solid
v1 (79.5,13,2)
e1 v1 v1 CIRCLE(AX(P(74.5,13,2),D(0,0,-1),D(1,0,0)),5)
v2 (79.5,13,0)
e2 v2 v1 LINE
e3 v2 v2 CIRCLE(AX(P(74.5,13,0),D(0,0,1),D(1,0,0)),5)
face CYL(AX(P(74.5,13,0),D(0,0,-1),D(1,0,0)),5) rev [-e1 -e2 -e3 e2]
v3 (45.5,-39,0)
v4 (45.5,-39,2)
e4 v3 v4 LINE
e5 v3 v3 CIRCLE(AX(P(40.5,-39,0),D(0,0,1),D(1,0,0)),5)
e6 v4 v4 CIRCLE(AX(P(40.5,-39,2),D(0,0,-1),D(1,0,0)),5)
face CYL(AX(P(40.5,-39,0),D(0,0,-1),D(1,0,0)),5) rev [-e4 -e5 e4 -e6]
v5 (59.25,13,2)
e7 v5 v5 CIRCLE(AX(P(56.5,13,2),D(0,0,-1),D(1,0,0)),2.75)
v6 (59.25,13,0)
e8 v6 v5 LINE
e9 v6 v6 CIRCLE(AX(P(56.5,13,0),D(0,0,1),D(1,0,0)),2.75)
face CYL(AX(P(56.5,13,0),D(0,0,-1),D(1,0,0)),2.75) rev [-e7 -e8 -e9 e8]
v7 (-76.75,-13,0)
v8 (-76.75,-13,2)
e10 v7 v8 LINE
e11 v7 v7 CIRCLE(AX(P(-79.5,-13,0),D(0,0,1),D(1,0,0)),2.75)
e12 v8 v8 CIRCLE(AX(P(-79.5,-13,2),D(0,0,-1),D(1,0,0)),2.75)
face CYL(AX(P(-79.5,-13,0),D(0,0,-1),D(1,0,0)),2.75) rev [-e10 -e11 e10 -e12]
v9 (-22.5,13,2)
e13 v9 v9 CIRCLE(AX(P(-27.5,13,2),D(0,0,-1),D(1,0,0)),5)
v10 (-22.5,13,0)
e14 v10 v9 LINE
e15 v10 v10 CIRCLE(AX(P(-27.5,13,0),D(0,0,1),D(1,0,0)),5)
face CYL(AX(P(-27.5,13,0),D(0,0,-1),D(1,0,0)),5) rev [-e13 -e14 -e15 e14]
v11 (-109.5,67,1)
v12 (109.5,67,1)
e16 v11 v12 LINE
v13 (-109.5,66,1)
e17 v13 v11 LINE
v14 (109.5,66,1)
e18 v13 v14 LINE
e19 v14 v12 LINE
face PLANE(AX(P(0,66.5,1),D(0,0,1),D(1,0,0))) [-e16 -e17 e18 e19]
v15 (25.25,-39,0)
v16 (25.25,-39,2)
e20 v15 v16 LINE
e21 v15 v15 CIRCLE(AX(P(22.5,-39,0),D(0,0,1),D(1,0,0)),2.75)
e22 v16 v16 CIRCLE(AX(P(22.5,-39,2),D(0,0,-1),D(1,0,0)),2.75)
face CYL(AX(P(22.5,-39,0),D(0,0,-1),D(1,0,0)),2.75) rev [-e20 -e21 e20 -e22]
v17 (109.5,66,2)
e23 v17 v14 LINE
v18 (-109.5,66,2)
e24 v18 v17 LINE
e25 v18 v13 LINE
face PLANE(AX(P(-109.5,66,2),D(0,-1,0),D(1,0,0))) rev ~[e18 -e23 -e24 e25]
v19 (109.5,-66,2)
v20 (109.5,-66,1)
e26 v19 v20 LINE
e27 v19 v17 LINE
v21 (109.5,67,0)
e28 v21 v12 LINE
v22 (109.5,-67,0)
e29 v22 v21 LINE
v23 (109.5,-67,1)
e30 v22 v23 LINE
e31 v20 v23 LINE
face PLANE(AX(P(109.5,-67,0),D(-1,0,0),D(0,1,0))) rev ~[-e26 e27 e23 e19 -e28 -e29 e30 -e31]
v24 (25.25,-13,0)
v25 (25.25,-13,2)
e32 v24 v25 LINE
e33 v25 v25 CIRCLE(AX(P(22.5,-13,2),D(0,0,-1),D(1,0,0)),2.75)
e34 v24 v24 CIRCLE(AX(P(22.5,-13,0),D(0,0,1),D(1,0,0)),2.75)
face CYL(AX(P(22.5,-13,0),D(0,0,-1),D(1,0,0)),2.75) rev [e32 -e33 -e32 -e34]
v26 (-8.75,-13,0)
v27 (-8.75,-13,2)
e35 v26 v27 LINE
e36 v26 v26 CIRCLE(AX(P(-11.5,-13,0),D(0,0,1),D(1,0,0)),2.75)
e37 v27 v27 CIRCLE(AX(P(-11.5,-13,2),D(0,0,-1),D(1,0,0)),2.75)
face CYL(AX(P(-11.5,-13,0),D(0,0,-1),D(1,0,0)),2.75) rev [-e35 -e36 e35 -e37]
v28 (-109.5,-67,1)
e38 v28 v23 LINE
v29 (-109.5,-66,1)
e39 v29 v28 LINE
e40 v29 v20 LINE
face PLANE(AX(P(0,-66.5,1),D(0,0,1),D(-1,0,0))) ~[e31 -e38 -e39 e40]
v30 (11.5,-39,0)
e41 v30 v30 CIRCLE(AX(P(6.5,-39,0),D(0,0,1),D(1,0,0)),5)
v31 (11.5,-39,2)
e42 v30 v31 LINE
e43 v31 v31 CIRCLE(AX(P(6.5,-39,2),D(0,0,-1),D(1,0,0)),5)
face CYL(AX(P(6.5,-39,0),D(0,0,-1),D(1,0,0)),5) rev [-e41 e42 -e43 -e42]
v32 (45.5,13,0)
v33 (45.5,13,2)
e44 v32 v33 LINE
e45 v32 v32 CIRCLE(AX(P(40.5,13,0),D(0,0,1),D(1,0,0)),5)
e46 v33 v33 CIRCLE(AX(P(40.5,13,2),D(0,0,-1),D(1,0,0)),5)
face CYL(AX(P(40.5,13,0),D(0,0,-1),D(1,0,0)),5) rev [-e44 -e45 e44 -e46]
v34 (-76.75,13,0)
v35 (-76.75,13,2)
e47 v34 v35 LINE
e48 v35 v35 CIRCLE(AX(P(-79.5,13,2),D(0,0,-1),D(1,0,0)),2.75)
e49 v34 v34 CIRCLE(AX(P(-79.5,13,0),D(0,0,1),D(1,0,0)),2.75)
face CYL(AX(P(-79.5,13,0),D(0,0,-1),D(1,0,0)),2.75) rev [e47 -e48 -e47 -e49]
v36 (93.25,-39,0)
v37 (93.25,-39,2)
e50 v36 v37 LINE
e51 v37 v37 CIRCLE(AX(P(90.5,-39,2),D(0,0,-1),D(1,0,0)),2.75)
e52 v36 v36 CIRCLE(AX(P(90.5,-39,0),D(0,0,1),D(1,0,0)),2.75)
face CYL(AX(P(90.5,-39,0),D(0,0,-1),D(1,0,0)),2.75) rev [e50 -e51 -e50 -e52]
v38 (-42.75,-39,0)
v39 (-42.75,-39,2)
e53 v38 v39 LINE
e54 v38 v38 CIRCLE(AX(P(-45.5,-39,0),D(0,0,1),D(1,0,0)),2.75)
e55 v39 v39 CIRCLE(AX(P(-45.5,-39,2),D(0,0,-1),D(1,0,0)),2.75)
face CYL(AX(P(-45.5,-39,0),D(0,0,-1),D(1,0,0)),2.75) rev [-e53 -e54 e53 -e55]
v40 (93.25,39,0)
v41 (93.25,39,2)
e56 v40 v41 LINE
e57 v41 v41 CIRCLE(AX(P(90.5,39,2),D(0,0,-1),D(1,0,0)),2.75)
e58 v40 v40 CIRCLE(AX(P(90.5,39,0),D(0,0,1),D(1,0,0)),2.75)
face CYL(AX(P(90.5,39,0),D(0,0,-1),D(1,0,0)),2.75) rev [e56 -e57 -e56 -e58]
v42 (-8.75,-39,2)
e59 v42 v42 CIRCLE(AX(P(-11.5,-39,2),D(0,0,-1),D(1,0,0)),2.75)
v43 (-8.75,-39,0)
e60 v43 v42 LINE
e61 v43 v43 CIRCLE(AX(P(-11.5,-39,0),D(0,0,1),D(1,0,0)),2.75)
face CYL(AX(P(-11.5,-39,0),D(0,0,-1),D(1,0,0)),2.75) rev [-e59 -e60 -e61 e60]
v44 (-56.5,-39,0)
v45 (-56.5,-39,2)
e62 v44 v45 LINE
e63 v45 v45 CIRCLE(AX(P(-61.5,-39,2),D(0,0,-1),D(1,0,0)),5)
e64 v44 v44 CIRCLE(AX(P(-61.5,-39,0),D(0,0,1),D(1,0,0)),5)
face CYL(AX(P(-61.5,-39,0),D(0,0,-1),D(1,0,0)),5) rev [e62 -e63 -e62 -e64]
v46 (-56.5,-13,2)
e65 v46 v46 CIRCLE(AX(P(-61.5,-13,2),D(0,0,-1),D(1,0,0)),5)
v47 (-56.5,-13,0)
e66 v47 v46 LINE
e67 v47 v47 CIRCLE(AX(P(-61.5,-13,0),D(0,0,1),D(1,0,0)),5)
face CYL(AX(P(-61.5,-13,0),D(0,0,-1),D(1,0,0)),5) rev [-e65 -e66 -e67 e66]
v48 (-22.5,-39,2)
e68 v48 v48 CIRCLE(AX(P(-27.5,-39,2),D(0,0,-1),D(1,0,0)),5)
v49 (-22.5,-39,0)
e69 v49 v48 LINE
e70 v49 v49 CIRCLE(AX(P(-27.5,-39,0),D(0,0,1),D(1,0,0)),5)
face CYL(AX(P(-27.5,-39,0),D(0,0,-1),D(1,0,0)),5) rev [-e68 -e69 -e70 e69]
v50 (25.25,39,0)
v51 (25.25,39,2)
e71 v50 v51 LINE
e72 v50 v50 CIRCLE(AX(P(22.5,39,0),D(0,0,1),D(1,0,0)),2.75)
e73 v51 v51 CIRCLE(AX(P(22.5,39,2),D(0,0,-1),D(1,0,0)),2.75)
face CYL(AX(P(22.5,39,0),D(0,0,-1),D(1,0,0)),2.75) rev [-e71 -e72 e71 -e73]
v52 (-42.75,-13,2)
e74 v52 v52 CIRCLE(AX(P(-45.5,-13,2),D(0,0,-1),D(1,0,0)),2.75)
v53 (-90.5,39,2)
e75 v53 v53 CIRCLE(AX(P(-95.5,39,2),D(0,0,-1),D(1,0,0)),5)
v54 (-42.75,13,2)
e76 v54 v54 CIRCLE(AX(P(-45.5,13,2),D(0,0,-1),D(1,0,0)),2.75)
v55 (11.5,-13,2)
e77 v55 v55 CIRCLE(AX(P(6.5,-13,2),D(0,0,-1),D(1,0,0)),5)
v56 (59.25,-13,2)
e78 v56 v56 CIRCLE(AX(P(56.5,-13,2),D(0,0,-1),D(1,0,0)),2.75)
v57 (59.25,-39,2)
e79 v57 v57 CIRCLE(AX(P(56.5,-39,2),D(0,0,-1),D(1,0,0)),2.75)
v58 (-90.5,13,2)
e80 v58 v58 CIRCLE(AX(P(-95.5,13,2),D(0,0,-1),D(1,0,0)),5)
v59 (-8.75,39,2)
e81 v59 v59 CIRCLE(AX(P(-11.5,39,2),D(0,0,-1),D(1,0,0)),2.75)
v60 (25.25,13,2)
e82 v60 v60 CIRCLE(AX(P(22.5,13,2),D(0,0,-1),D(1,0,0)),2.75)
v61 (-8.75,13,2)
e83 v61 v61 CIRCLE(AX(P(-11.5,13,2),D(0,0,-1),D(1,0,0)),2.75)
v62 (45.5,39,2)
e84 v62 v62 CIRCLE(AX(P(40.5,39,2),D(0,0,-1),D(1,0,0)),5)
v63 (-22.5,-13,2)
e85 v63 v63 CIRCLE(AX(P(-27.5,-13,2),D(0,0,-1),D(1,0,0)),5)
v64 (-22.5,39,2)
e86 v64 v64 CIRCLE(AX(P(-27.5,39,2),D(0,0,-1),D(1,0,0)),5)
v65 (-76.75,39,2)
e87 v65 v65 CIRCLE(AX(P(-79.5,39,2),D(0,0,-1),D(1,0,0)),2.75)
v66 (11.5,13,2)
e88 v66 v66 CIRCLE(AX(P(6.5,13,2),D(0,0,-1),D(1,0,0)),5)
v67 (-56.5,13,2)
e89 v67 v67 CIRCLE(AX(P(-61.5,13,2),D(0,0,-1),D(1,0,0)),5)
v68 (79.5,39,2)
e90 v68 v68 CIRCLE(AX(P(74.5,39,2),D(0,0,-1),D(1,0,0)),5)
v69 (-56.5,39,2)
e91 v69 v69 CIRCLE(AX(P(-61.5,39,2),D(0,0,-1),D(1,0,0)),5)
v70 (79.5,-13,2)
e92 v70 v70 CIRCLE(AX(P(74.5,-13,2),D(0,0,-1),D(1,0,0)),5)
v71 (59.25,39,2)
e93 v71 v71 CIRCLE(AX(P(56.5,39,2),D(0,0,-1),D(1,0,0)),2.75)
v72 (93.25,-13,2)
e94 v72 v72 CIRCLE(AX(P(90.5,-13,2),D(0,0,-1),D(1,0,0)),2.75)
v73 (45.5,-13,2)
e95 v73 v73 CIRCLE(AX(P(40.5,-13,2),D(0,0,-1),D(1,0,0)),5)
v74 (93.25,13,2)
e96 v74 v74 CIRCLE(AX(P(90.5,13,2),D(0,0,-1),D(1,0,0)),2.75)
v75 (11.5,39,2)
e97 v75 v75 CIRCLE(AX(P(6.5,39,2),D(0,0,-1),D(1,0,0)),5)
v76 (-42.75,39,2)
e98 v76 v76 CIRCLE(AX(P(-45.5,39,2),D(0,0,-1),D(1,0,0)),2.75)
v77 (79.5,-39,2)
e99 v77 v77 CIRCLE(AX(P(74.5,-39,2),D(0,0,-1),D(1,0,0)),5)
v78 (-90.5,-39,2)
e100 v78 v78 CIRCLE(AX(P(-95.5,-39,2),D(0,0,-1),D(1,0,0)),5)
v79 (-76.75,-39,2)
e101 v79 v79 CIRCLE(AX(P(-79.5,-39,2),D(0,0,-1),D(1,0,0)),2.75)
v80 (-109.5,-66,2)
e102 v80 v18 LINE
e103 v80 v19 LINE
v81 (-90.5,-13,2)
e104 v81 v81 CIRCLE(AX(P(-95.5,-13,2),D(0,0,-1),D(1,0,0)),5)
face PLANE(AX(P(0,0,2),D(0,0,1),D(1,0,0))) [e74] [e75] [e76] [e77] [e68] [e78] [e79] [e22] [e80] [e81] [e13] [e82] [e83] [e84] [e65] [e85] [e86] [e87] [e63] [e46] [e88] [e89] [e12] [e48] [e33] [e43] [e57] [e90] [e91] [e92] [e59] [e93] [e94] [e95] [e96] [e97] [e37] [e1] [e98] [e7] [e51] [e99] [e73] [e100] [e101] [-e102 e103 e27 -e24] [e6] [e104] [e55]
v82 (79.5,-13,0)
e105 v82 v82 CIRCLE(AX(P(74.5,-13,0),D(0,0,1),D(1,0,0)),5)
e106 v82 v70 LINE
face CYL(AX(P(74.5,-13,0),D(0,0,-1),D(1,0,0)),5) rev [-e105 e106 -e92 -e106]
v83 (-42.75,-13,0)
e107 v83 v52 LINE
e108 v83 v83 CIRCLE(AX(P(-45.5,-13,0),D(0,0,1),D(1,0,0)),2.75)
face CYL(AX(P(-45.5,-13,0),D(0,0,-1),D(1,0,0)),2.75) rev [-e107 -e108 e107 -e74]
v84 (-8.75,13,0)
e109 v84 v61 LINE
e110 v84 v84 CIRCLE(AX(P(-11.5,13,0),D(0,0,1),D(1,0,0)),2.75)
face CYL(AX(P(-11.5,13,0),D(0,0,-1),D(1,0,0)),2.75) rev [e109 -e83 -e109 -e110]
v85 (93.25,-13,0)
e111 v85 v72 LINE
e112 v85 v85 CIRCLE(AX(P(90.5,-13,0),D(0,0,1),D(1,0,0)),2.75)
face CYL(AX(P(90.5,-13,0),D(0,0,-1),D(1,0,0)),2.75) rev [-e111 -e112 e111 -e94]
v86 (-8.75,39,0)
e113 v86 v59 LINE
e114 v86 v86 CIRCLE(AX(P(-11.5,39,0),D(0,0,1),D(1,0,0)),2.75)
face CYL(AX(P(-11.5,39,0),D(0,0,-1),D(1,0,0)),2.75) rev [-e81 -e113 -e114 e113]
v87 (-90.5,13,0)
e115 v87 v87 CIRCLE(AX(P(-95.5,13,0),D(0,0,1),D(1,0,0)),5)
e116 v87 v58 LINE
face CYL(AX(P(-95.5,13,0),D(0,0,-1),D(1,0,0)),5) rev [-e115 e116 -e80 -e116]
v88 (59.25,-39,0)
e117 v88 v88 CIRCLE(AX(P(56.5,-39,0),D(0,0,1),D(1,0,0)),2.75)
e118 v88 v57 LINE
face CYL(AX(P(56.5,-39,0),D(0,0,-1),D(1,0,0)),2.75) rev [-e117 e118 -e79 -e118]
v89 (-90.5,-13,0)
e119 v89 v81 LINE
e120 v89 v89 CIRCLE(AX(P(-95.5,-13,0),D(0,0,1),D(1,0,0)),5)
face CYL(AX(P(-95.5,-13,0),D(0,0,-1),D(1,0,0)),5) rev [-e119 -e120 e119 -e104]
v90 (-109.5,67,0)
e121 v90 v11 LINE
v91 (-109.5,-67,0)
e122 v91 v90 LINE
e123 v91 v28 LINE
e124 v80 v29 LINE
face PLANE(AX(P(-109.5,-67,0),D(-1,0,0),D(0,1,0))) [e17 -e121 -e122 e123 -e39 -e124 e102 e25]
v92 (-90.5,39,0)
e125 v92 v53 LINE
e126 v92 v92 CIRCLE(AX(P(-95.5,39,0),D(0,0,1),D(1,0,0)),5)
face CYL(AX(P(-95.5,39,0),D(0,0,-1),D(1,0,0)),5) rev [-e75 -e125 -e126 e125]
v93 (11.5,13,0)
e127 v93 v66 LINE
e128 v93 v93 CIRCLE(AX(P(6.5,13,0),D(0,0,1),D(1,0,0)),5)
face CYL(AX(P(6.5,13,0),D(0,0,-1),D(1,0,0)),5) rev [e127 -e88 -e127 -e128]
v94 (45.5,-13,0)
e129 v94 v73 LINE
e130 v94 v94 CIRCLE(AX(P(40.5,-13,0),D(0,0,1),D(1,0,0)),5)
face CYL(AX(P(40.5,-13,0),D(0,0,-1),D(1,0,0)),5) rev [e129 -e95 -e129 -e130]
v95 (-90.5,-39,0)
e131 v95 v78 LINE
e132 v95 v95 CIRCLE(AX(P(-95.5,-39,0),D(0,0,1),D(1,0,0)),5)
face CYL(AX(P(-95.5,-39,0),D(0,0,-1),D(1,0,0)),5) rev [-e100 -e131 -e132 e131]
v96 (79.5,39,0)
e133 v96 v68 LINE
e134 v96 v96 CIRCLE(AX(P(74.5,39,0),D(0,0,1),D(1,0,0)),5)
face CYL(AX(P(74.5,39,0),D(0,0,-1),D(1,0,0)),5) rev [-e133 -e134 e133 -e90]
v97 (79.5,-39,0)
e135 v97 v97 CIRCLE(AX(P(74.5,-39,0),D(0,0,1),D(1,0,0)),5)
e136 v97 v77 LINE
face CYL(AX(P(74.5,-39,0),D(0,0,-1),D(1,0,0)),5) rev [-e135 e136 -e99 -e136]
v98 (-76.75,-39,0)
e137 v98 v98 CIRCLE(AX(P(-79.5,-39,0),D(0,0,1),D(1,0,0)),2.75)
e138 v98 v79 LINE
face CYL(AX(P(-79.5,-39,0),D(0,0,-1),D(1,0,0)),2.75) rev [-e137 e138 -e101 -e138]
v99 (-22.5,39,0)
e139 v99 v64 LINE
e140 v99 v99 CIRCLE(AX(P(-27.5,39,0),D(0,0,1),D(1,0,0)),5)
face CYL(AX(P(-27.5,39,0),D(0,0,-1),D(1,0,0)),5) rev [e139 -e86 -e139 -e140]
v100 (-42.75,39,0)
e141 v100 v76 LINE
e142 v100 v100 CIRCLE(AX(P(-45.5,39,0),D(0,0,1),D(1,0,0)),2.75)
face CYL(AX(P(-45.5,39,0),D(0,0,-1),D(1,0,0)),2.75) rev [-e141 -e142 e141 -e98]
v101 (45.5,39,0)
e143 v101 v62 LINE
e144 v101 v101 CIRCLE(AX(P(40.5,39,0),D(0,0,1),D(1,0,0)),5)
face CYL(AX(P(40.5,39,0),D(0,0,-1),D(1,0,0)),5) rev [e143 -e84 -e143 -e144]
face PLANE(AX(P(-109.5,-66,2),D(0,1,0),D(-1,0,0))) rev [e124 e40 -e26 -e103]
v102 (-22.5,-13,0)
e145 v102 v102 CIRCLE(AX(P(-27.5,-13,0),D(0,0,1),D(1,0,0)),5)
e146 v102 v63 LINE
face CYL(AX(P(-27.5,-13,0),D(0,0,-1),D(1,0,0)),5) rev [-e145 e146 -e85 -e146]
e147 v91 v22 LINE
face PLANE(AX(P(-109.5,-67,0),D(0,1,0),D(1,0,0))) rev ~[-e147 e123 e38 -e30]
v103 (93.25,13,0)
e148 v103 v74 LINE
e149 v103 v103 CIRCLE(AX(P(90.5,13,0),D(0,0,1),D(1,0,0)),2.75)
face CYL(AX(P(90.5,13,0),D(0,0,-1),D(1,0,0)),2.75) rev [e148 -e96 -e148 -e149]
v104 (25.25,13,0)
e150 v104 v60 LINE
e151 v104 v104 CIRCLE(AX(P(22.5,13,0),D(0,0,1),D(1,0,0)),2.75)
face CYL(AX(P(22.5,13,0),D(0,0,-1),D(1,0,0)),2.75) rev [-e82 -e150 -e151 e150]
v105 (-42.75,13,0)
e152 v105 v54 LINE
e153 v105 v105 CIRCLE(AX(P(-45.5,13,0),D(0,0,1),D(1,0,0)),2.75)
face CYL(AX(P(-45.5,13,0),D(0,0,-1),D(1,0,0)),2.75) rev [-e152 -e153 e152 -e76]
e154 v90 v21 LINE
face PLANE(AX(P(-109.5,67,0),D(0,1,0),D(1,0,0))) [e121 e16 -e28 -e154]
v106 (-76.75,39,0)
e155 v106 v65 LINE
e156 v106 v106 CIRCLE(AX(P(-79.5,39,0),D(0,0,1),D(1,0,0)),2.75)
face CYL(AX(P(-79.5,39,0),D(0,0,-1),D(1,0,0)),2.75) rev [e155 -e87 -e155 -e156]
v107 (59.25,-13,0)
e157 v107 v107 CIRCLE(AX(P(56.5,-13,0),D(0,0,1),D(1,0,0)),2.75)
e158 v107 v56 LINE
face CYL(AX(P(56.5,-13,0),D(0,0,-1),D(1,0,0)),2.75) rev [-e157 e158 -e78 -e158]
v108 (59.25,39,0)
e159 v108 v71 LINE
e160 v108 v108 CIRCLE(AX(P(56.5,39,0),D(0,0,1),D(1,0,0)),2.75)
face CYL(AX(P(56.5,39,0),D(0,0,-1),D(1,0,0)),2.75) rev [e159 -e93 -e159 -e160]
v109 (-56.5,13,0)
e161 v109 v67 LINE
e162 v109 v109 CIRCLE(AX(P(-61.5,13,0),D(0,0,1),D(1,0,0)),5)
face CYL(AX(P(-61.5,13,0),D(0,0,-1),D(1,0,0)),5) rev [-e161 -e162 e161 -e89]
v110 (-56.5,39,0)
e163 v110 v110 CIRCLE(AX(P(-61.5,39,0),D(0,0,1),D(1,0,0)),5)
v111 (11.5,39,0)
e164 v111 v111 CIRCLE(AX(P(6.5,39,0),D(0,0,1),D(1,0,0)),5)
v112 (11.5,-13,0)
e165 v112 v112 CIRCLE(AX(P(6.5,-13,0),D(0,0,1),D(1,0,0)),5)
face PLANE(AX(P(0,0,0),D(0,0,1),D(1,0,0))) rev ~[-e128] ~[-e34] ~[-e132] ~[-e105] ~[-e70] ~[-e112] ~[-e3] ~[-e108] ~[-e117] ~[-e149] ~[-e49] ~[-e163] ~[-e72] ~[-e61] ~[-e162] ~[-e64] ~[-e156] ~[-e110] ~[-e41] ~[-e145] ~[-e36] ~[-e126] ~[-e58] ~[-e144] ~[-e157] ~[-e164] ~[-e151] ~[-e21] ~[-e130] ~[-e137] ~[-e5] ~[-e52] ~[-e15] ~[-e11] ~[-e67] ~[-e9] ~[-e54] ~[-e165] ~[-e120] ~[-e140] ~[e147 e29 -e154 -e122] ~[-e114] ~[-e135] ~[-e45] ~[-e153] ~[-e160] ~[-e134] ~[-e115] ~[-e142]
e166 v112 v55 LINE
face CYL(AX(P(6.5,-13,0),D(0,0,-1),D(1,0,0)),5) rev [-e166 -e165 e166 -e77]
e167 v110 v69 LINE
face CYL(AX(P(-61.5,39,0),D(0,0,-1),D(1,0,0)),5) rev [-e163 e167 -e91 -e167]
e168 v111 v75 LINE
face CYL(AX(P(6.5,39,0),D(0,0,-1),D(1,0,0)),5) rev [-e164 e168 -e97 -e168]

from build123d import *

# Parameters (mm, degrees)
SKETCH_W            = 219
SKETCH_H            = 134
PAD_DEPTH           = 2
SKETCH001_R         = 5
SKETCH001_R_2       = 2.75
POCKET_DEPTH        = 2.001
LINEARPATTERN_COUNT = 6
LINEARPATTERN_PITCH = 34
SKETCH002_W         = 219
SKETCH002_H         = 1
POCKET001_DEPTH     = 1


with BuildPart() as part:
    # Sketch (on Sketch) → Pad (new body)
    with BuildSketch(Plane.XY):
        Rectangle(SKETCH_W, SKETCH_H)
    extrude(amount=PAD_DEPTH)

    # Sketch001 → Pocket (cut, through all)
    with BuildSketch(Plane.XY):
        with Locations((-95.5, 39)):
            Circle(SKETCH001_R)
        with Locations((-95.5, 13)):
            Circle(SKETCH001_R)
        with Locations((-95.5, -13)):
            Circle(SKETCH001_R)
        with Locations((-95.5, -39)):
            Circle(SKETCH001_R)
        with Locations((-79.5, 39)):
            Circle(SKETCH001_R_2)
        with Locations((-79.5, 13)):
            Circle(SKETCH001_R_2)
        with Locations((-79.5, -13)):
            Circle(SKETCH001_R_2)
        with Locations((-79.5, -39)):
            Circle(SKETCH001_R_2)
    pocket = extrude(amount=POCKET_DEPTH, mode=Mode.SUBTRACT)

    # LinearPattern: Pocket ×6
    with Locations(*[(i * LINEARPATTERN_PITCH, 0, 0) for i in range(1, LINEARPATTERN_COUNT)]):
        add(pocket, mode=Mode.SUBTRACT)

    # Sketch002 (on Face5 of LinearPattern) → Pocket001 (cut)
    with BuildSketch(Plane.XY.offset(2)):
        with Locations((0, 66.5)):
            Rectangle(SKETCH002_W, SKETCH002_H)
    pocket001 = extrude(amount=-POCKET001_DEPTH, mode=Mode.SUBTRACT)

    # Mirrored: Pocket001 across XZ
    add(pocket001.mirror(Plane.XZ), mode=Mode.SUBTRACT)


solid = part.part
